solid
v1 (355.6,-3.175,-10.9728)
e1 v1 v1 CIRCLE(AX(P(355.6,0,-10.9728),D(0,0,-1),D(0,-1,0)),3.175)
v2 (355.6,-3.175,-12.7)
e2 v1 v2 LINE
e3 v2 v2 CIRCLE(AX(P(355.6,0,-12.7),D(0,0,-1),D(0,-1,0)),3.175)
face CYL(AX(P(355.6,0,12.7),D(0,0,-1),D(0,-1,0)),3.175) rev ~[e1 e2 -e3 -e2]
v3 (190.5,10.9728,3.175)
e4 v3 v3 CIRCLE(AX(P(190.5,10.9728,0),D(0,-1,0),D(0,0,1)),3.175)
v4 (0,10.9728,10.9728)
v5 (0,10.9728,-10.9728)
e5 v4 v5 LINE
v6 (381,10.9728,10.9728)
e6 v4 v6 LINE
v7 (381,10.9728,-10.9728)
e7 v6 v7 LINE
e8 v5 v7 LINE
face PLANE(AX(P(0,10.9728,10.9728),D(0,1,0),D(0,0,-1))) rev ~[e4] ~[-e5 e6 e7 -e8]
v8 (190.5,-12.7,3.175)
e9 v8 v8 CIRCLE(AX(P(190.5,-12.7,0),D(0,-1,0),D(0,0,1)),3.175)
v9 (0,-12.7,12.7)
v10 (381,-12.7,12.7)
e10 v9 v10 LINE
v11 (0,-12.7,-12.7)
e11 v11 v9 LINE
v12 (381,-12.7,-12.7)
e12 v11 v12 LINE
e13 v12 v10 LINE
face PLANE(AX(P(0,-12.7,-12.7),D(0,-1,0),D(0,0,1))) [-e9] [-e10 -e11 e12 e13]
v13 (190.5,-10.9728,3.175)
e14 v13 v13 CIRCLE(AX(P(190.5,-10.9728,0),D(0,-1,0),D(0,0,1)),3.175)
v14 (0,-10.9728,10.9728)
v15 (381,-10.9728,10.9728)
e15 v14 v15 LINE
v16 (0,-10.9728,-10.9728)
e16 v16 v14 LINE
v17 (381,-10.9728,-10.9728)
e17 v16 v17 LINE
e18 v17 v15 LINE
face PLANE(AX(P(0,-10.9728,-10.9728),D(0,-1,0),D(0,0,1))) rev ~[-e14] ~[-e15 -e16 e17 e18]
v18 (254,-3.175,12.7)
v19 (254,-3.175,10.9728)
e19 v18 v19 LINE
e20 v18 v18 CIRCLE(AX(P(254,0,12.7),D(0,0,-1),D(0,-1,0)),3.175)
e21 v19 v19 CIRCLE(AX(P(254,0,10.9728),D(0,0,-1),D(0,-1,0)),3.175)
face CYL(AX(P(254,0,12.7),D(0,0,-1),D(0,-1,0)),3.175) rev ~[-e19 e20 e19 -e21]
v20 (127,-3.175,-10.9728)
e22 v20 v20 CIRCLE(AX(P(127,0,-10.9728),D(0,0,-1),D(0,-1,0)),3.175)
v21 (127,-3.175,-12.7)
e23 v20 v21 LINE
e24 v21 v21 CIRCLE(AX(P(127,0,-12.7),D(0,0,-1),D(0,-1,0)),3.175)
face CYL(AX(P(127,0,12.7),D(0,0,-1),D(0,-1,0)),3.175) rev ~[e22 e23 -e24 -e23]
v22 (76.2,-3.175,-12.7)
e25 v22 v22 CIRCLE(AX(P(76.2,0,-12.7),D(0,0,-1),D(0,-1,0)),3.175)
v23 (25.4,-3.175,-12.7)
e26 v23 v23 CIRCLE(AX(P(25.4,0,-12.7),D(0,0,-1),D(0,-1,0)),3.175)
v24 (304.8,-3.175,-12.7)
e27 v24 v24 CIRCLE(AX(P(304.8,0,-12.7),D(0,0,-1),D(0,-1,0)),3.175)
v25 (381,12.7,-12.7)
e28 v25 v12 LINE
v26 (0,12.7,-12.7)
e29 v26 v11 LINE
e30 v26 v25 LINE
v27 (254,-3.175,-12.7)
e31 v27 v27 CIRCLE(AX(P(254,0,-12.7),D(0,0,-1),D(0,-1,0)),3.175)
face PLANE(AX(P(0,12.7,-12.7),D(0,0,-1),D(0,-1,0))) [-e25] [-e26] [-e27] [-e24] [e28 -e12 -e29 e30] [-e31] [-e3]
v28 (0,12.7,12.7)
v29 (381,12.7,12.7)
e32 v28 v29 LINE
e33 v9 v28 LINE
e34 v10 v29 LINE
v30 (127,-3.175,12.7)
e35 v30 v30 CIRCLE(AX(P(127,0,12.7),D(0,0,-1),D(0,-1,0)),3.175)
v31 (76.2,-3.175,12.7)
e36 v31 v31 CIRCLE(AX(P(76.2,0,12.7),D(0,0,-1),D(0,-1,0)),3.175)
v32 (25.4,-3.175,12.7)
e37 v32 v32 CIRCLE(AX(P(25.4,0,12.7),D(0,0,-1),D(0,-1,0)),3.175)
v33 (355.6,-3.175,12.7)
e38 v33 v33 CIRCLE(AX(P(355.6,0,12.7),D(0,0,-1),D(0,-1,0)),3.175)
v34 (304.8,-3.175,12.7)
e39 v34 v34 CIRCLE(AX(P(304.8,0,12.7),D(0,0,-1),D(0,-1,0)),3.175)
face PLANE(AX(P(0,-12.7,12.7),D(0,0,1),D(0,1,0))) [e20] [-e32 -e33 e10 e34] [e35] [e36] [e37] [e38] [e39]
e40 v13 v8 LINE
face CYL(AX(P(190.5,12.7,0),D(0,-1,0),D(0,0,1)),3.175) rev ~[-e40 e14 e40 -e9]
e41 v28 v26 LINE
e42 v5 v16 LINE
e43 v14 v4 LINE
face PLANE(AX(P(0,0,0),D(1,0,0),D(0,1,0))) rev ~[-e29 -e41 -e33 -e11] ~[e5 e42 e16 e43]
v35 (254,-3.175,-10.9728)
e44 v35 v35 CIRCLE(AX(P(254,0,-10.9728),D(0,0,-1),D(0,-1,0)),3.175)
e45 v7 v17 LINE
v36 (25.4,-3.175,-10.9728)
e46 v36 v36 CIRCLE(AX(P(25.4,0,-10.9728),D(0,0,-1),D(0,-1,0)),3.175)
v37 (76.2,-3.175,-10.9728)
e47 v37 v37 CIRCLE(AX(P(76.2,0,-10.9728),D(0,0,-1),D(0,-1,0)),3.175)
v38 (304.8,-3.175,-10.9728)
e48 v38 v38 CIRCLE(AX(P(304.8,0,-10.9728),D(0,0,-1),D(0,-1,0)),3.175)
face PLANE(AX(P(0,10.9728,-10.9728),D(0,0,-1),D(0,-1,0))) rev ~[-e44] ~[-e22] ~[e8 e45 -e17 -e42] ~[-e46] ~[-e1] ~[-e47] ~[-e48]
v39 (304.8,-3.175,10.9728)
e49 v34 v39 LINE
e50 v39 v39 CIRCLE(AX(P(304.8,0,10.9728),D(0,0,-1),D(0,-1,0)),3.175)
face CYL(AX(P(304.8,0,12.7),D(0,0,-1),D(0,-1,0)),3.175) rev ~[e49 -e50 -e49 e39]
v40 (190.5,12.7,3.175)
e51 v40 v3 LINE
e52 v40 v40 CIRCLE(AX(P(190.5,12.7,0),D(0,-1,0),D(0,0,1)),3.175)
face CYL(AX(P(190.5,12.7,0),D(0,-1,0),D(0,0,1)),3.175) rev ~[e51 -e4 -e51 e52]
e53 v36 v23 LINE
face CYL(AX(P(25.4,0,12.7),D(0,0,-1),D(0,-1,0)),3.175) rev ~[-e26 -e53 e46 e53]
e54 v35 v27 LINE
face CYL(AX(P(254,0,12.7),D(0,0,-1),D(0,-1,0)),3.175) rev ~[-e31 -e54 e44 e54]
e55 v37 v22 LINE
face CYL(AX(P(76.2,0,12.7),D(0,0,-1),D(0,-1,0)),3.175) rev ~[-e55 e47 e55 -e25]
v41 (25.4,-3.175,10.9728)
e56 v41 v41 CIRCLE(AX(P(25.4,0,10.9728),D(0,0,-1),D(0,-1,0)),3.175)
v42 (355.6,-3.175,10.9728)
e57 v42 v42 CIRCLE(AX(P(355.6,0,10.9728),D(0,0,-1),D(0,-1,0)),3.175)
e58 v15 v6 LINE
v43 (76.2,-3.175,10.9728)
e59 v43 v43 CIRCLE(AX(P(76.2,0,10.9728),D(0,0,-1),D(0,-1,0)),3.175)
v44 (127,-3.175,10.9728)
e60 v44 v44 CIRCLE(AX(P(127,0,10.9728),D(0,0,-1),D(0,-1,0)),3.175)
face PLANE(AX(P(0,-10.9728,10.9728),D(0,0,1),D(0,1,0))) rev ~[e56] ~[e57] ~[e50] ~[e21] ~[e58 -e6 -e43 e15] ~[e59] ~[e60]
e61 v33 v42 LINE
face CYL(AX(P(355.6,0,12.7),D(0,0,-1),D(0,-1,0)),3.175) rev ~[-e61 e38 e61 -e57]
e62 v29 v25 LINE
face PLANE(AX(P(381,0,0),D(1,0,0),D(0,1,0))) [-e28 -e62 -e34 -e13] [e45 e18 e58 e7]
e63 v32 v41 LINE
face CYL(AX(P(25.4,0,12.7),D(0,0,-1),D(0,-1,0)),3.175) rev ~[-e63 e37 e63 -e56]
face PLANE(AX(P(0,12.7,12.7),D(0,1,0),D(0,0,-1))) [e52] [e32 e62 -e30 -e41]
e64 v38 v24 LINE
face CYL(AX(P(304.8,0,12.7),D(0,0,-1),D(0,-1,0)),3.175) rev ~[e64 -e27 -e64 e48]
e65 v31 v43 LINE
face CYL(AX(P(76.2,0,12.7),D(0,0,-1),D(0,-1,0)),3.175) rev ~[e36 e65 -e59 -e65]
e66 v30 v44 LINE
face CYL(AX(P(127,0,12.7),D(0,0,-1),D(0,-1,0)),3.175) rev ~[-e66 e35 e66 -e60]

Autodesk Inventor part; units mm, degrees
ref_plane "YZ Plane" through (0, 0, 0) normal (1, 0, 0) x (0, 1, 0)
ref_plane "XZ Plane" through (0, 0, 0) normal (0, 1, 0) x (-1, 0, 0)
ref_plane "XY Plane" through (0, 0, 0) normal (0, 0, 1) x (1, 0, 0)
sketch "Sketch1" plane through (0, 0, 0) normal (1, 0, 0) x (0, 1, 0)
  line L0 (-10.9728, 10.9728) -> (10.9728, 10.9728)
  line L1 (10.9728, 10.9728) -> (10.9728, -10.9728)
  line L2 (10.9728, -10.9728) -> (-10.9728, -10.9728)
  line L3 (-10.9728, -10.9728) -> (-10.9728, 10.9728)
  line L4 (-10.9728, 10.9728) -> (10.9728, -10.9728) construction
  line L5 (10.9728, 10.9728) -> (-10.9728, -10.9728) construction
  line L6 (-12.7, 12.7) -> (12.7, 12.7)
  line L7 (12.7, 12.7) -> (12.7, -12.7)
  line L8 (12.7, -12.7) -> (-12.7, -12.7)
  line L9 (-12.7, -12.7) -> (-12.7, 12.7)
  line L10 (-12.7, 12.7) -> (12.7, -12.7) construction
  line L11 (12.7, 12.7) -> (-12.7, -12.7) construction
  point P0 (0, 0)
  dimension "d2" = 1.7272
  dimension "d4" = 1.7272
  dimension "d5" = 25.4
  dimension "d6" = 25.4
extrude "Extrusion1" add sketch "Sketch1" along normal blind 381
sketch "Sketch2" plane through (0, -12.7, 12.7) normal (0, 0, 1) x (1, 0, 0)
  line L0 (0, 0) -> (0, 25.4) projected
  line L1 (381, 25.4) -> (381, 0) projected
  line L2 (0, 25.4) -> (381, 25.4) projected
  point P0 (0, 12.7)
  point P1 (25.4, 12.7)
  point P2 (355.6, 12.7)
  dimension "d9" = 25.4
  dimension "d10" = 12.7
  dimension "d11" = 25.4
  dimension "d12" = 12.7
hole "Hole1" at (25.4, 0, 12.7) at (355.6, 0, 12.7) direction (0, 0, -1) diameter 6.35 end through all
sketch "Sketch3" plane through (0, -12.7, 12.7) normal (0, 0, 1) x (1, 0, 0)
  line L0 (0, 0) -> (381, 0) projected
  line L1 (381, 25.4) -> (381, 0) projected
  line L2 (0, 25.4) -> (381, 25.4) projected
  line L3 (101.6, 25.4) -> (101.6, 0)
  line L4 (279.4, 25.4) -> (279.4, 0)
  line L5 (190.5, 25.4) -> (190.5, 0)
  point P0 (0, 12.7)
  point P1 (76.2, 12.7)
  point P2 (127, 12.7)
  point P3 (511.7916, 13.2861)
  point P4 (652.1971, 7.6456)
  point P5 (254, 12.7)
  point P6 (304.8, 12.7)
  dimension "d20" = 50.8
  dimension "d22" = 12.7
  dimension "d23" = 12.7
  dimension "d24" = 50.8
  dimension "d25" = 12.7
  dimension "d26" = 12.7
  dimension "d27" = 25.4
  dimension "d28" = 25.4
  dimension "d29" = 177.8
  dimension "d30" = 88.9
  dimension "d31" = 381
  dimension "d32" = 190.5
hole "Hole2" at (76.2, 0, 12.7) at (127, 0, 12.7) at (511.7916, 0.5861, 12.7) at (652.1971, -5.0544, 12.7) at (254, 0, 12.7) at (304.8, 0, 12.7) direction (0, 0, -1) diameter 6.35 end through all
sketch "Sketch4" plane through (0, 12.7, 12.7) normal (0, 1, 0) x (1, 0, 0)
  line L0 (381, 25.4) -> (381, 0) projected
  line L1 (0, 25.4) -> (381, 25.4) projected
  point P0 (0, 12.7)
  point P1 (190.5, 12.7)
  dimension "d40" = 12.7
  dimension "d41" = 190.5
hole "Hole3" at (190.5, 12.7, 0) direction (0, -1, 0) diameter 6.35 end through all
properties part number "BackBottonSupport" material "Aluminum 6061"
